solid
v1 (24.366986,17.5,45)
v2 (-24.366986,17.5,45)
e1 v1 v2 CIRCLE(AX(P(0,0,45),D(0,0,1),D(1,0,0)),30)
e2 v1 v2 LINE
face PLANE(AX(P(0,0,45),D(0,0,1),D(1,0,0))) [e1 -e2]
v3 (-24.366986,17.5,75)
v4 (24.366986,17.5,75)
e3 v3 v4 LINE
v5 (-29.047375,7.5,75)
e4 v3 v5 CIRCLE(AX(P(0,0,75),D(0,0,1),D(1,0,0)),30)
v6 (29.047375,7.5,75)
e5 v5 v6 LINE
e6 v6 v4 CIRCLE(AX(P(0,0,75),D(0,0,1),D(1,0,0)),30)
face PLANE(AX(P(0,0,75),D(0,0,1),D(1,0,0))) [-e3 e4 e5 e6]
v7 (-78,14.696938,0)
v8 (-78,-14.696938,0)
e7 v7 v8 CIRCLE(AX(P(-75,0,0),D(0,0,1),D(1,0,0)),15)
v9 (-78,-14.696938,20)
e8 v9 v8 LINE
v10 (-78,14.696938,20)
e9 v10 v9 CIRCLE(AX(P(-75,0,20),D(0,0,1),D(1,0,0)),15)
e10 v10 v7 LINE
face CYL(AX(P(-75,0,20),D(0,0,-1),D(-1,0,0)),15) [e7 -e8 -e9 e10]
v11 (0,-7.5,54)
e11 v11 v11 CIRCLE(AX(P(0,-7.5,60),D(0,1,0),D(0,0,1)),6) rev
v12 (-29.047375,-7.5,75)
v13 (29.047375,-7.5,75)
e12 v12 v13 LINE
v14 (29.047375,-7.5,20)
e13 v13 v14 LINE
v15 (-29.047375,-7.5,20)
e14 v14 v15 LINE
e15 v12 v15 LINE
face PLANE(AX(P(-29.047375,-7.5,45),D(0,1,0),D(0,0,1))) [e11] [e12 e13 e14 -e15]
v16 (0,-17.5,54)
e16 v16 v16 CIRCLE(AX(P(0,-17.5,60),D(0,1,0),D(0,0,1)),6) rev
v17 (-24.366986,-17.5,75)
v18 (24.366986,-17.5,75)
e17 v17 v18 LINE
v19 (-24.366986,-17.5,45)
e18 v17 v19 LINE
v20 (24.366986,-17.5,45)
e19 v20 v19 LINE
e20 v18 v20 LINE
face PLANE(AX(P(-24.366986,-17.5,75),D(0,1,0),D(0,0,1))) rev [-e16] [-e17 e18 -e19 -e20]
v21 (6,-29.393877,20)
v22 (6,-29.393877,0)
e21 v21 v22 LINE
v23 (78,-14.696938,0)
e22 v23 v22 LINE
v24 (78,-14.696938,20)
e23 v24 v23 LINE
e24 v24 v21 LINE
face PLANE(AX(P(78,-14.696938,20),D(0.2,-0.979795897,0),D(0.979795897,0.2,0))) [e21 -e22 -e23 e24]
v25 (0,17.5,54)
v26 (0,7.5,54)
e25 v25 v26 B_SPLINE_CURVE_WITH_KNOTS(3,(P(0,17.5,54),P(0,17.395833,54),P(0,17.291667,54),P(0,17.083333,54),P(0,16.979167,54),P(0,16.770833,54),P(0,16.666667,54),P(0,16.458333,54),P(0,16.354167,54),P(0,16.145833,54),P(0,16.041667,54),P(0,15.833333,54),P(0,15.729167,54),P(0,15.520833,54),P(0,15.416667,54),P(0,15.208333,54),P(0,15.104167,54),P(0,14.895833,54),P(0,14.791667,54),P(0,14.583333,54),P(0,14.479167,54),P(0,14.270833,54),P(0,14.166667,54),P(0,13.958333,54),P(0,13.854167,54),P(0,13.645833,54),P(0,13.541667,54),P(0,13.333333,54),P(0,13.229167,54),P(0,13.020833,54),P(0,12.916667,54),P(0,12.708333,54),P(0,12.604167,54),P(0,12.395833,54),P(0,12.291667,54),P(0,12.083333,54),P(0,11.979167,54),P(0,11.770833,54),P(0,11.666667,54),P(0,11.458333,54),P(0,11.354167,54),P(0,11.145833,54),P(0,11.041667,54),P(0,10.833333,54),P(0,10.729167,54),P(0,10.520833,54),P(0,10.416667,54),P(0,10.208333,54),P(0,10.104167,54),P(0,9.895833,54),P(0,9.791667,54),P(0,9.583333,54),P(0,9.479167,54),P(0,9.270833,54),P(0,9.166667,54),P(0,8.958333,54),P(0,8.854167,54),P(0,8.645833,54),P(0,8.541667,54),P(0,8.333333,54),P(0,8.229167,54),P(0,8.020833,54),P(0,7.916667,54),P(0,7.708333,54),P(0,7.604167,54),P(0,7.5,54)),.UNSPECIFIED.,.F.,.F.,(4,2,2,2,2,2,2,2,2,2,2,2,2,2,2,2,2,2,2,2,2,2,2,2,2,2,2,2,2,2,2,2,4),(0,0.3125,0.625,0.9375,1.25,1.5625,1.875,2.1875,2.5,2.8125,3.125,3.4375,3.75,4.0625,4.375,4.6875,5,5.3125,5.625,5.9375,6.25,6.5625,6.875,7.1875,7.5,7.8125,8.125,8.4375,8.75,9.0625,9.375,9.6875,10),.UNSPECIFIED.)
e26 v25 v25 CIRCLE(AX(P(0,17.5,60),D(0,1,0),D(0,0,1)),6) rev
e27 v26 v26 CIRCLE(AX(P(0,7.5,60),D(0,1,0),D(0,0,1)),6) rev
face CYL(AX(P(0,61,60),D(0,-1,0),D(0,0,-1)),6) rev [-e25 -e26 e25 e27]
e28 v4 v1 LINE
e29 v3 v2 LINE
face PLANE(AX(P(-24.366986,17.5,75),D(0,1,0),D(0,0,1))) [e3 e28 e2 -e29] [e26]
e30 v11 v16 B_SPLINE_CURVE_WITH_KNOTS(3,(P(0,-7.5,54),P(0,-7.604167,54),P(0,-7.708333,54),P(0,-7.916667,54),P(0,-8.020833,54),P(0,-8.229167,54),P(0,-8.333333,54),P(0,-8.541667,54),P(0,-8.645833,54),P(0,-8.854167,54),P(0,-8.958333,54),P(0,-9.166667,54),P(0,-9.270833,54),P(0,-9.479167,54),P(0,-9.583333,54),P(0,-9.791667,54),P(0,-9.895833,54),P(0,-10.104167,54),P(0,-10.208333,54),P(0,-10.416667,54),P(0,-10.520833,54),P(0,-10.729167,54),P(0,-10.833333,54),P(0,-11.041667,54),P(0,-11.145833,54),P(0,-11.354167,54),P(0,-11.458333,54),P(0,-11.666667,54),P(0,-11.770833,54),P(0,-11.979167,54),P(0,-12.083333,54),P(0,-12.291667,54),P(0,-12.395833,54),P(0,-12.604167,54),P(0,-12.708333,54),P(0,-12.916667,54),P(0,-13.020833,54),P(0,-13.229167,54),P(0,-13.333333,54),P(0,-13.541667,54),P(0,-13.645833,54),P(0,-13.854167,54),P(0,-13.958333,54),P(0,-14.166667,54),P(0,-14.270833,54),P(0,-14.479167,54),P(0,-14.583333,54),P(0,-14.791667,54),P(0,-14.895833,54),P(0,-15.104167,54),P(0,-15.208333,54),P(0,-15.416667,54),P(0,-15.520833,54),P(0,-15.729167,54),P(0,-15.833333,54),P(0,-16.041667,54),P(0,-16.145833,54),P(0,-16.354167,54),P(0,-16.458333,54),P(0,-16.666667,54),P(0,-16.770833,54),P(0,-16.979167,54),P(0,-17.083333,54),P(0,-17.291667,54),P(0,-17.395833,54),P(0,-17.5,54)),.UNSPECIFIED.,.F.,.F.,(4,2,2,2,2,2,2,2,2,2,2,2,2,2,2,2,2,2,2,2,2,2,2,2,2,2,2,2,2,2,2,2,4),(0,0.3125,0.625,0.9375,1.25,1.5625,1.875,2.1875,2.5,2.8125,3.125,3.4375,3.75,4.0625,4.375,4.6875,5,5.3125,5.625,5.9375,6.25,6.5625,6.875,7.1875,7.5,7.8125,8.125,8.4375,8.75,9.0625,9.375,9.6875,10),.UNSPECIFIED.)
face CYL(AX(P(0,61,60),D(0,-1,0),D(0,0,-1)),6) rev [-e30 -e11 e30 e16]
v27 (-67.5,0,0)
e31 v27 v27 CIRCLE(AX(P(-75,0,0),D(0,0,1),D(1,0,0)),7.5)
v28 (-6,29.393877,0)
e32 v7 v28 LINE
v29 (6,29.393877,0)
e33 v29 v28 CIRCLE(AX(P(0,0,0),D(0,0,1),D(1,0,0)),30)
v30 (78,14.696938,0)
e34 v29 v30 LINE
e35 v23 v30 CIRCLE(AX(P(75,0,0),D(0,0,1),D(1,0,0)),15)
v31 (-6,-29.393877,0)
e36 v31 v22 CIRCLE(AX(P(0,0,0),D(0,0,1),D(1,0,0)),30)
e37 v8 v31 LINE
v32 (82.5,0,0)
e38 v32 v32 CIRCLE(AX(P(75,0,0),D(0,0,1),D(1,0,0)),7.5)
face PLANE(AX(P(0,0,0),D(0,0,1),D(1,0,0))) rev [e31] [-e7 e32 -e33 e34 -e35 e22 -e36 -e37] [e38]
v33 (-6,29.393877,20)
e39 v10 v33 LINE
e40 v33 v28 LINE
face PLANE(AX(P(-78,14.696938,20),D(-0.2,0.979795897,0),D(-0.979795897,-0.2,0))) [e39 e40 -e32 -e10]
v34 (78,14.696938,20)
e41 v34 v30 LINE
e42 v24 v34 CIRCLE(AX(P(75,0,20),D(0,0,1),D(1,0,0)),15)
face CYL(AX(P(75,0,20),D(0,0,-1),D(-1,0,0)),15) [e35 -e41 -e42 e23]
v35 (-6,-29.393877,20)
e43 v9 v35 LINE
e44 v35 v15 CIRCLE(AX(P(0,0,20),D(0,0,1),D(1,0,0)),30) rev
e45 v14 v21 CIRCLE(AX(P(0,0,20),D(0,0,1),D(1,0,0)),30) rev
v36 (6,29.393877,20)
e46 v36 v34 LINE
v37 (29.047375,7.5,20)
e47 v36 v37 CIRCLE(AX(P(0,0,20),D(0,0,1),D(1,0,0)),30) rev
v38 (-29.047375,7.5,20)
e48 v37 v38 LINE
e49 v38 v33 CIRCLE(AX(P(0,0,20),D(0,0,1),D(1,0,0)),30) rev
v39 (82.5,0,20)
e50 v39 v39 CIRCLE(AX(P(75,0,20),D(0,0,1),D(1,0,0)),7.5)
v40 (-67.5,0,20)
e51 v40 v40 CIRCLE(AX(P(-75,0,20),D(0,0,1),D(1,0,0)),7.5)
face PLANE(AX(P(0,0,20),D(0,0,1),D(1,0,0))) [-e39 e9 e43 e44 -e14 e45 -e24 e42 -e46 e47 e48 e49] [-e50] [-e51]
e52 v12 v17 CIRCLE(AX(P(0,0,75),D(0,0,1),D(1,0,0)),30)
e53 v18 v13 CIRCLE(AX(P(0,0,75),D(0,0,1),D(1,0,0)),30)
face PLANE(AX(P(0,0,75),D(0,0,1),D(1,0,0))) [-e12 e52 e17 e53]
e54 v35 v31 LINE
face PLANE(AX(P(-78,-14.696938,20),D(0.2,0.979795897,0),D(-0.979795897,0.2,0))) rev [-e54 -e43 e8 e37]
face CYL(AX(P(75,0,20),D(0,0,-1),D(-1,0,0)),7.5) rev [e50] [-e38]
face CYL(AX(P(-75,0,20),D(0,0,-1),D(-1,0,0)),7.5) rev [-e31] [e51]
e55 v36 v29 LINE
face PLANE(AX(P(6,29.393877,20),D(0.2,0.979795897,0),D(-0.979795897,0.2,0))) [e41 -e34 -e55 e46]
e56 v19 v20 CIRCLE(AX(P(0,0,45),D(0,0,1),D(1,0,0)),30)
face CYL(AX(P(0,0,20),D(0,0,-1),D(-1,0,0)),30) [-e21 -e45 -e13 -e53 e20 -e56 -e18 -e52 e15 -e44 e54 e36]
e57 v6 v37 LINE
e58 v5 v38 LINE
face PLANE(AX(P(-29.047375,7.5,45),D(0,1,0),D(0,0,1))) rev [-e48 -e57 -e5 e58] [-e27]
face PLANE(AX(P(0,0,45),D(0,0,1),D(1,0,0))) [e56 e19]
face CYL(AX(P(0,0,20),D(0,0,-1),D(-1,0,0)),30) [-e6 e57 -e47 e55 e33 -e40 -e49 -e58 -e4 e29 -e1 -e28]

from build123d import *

# Parameters (mm, degrees)
SALIENTE_EXTRUIR1_DEPTH    = 20
CROQUIS9_8_R               = 7.5
CORTAR_EXTRUIR1_DEPTH      = 20
CROQUIS9_10_R              = 7.5
CORTAR_EXTRUIR2_DEPTH      = 20
SALIENTE_EXTRUIR2_DEPTH    = 45
SALIENTE_EXTRUIR3_DEPTH    = 75
CORTAR_EXTRUIR4_DEPTH      = 61
CORTAR_EXTRUIR4_DEPTH_BACK = 52
CROQUIS12_R                = 6


with BuildPart() as part:
    # Croquis9 → Saliente-Extruir1 (new body)
    with BuildSketch(Plane.XY):
        with BuildLine():
            Line((-78, 14.696938457), (-6, 29.393876913))
            ThreePointArc((-6, 29.393876913), (0, 30), (6, 29.393876913))
            Line((6, 29.393876913), (78, 14.696938457))
            ThreePointArc((78, 14.696938457), (90, 0), (78, -14.696938457))
            Line((78, -14.696938457), (6, -29.393876913))
            ThreePointArc((6, -29.393876913), (0, -30), (-6, -29.393876913))
            Line((-6, -29.393876913), (-78, -14.696938457))
            ThreePointArc((-78, -14.696938457), (-90, 0), (-78, 14.696938457))
        make_face()
    extrude(amount=SALIENTE_EXTRUIR1_DEPTH)

    # Croquis9<8> → Cortar-Extruir1 (cut)
    with BuildSketch(Plane.XY):
        with Locations((-75, 0)):
            Circle(CROQUIS9_8_R)
    extrude(amount=CORTAR_EXTRUIR1_DEPTH, mode=Mode.SUBTRACT)

    # Croquis9<10> → Cortar-Extruir2 (cut)
    with BuildSketch(Plane.XY):
        with Locations((75, 0)):
            Circle(CROQUIS9_10_R)
    extrude(amount=CORTAR_EXTRUIR2_DEPTH, mode=Mode.SUBTRACT)

    # Croquis10 → Saliente-Extruir2 (add)
    with BuildSketch(Plane.XY):
        with BuildLine():
            Line((-29.047375097, 7.5), (29.047375097, 7.5))
            ThreePointArc((29.047375097, 7.5), (0, 30), (-29.047375097, 7.5))
        make_face()
        with BuildLine():
            Line((-29.047375097, -7.5), (29.047375097, -7.5))
            ThreePointArc((29.047375097, -7.5), (0, -30), (-29.047375097, -7.5))
        make_face()
    extrude(amount=SALIENTE_EXTRUIR2_DEPTH)

    # Croquis11 → Saliente-Extruir3 (add)
    with BuildSketch(Plane.XY):
        with BuildLine():
            Line((-24.366985862, 17.5), (24.366985862, 17.5))
            ThreePointArc((24.366985862, 17.5), (27.171188586, 12.717173855), (29.047375097, 7.5))
            Line((29.047375097, 7.5), (-29.047375097, 7.5))
            ThreePointArc((-29.047375097, 7.5), (-27.171188586, 12.717173855), (-24.366985862, 17.5))
        make_face()
        with BuildLine():
            Line((-24.366985862, -17.5), (24.366985862, -17.5))
            ThreePointArc((24.366985862, -17.5), (27.171188586, -12.717173855), (29.047375097, -7.5))
            Line((29.047375097, -7.5), (-29.047375097, -7.5))
            ThreePointArc((-29.047375097, -7.5), (-27.171188586, -12.717173855), (-24.366985862, -17.5))
        make_face()
    extrude(amount=SALIENTE_EXTRUIR3_DEPTH)

    # Croquis12 → Cortar-Extruir4 (cut, two sides: drawn at the far end of the back side and taken through both)
    with BuildSketch(Plane(origin=(0, 0, 0), x_dir=(1, 0, 0), z_dir=(0, 1, 0)).offset(-CORTAR_EXTRUIR4_DEPTH_BACK)):
        with Locations((0, -60)):
            Circle(CROQUIS12_R)
    extrude(amount=CORTAR_EXTRUIR4_DEPTH + CORTAR_EXTRUIR4_DEPTH_BACK, mode=Mode.SUBTRACT)


solid = part.part
